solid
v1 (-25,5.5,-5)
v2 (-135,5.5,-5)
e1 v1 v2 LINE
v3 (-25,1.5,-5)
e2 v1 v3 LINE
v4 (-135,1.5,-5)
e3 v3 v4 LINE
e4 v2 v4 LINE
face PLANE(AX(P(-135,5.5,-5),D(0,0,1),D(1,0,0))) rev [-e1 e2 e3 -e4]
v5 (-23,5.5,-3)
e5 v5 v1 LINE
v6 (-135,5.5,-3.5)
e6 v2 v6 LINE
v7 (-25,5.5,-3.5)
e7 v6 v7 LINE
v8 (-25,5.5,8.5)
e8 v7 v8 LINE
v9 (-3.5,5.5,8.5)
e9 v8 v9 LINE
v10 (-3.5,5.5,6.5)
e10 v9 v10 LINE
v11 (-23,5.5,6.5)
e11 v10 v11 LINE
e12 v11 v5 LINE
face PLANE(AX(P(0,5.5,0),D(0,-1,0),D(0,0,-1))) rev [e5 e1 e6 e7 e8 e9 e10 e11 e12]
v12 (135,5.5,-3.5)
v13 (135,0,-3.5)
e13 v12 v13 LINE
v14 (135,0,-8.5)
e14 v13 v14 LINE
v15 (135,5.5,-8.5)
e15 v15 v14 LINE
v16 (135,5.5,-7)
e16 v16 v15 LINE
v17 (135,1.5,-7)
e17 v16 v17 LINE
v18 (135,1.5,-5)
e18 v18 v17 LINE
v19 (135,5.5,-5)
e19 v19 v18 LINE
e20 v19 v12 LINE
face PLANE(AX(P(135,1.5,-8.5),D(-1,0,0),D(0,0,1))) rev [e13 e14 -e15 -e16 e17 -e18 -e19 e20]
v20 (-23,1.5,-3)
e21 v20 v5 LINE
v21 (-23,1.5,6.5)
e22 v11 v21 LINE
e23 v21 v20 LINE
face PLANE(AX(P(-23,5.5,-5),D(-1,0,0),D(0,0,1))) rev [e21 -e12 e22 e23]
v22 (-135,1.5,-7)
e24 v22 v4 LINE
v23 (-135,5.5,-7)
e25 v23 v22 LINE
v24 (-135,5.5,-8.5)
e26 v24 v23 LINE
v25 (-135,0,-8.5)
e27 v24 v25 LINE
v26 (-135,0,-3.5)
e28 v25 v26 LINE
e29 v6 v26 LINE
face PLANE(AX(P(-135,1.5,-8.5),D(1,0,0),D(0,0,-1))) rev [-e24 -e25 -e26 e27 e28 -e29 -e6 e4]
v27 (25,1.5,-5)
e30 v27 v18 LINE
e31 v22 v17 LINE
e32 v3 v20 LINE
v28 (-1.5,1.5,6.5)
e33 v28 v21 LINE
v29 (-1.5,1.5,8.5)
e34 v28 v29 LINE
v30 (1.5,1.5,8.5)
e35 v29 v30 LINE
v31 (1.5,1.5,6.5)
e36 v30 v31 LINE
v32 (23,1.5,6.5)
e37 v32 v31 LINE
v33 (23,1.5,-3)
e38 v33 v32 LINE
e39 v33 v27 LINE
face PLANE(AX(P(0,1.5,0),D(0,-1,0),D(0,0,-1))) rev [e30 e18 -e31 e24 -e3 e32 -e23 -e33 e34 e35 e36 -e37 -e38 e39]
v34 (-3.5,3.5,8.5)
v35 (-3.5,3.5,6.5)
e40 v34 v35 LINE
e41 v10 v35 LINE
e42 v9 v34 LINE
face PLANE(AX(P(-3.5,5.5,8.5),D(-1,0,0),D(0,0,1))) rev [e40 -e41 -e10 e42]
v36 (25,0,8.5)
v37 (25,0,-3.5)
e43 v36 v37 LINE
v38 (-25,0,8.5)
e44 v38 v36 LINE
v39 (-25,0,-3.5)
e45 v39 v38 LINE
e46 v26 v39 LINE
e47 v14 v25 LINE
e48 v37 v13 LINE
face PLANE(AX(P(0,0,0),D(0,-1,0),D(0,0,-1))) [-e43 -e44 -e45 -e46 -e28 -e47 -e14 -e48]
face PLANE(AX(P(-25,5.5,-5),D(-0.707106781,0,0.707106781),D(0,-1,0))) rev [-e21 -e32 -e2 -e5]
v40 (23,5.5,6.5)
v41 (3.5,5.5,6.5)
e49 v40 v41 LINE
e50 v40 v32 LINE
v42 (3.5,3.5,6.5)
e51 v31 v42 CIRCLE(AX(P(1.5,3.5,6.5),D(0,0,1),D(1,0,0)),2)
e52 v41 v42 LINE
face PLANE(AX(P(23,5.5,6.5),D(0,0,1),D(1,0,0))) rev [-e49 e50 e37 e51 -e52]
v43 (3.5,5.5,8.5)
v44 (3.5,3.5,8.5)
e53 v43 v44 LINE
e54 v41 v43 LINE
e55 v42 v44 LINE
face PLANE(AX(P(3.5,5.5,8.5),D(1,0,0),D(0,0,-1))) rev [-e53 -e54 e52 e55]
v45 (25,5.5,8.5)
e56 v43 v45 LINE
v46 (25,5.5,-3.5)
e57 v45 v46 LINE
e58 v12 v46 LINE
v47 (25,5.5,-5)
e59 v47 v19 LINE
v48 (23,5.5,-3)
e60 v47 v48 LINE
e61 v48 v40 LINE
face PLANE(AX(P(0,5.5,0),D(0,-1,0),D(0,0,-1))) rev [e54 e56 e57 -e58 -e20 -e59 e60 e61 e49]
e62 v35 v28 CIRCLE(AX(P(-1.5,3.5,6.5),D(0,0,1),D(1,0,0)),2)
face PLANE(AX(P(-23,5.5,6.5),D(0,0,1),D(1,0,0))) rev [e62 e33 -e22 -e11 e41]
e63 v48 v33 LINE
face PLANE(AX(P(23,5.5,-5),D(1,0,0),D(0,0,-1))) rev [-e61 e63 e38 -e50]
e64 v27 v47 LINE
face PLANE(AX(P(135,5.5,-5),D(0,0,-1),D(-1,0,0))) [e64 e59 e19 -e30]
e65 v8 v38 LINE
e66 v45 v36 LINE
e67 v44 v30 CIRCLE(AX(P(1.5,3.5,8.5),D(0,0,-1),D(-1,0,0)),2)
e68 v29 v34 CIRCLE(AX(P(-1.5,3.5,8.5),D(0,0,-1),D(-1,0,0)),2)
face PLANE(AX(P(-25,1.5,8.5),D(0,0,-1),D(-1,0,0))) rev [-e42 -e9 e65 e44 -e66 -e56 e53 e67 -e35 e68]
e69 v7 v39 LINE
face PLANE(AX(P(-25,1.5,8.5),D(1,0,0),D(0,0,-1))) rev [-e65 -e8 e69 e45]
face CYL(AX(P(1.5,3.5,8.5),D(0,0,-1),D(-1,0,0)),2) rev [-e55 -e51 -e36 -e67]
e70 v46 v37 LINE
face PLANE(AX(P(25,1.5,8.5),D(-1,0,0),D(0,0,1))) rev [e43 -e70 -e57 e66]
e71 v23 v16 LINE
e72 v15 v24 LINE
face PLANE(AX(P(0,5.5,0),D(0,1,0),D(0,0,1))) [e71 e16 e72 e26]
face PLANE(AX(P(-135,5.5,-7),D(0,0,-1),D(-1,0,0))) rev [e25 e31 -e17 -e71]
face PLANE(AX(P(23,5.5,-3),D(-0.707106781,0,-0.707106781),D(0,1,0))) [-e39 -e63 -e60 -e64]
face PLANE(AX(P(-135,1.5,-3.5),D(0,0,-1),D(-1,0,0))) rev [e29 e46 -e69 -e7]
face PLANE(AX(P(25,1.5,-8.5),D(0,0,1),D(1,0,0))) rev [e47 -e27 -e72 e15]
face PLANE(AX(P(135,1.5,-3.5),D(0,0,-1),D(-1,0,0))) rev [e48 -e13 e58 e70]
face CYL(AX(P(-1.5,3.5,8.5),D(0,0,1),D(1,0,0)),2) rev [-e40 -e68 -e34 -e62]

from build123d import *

# Parameters (mm, degrees)
BOSS_EXTRUDE1_DEPTH = 1.5
SKETCH3_W           = 270
SKETCH3_H           = 1.5
BOSS_EXTRUDE2_DEPTH = 4
SKETCH4_W           = 110
SKETCH4_H           = 1.5
BOSS_EXTRUDE3_DEPTH = 4
SKETCH6_W           = 2
SKETCH6_H           = 13.5
BOSS_EXTRUDE5_DEPTH = 4
SKETCH7_W           = 19.5
SKETCH7_H           = 2
BOSS_EXTRUDE6_DEPTH = 4
CHAMFER1_SIZE       = 2
FILLET1_R           = 2


with BuildPart() as part:
    # Sketch1 → Boss-Extrude1 (new body)
    with BuildSketch(Plane(origin=(0, 0, 0), x_dir=(1, 0, 0), z_dir=(0, 1, 0))):
        Polygon((25, 8.5), (135, 8.5), (135, 3.5), (25, 3.5), (25, -8.5), (-25, -8.5), (-25, 3.5), (-135, 3.5), (-135, 8.5), (-25, 8.5), align=None)
    extrude(amount=BOSS_EXTRUDE1_DEPTH)

    # Sketch3 → Boss-Extrude2 (add)
    with BuildSketch(Plane(origin=(0, 1.5, 0), x_dir=(1, 0, 0), z_dir=(0, 1, 0))):
        with Locations((0, 7.75)):
            Rectangle(SKETCH3_W, SKETCH3_H)
    boss_extrude2 = extrude(amount=BOSS_EXTRUDE2_DEPTH)

    # Sketch4 → Boss-Extrude3 (add)
    with BuildSketch(Plane(origin=(0, 1.5, 0), x_dir=(1, 0, 0), z_dir=(0, 1, 0))):
        with Locations((-80, 4.25)):
            Rectangle(SKETCH4_W, SKETCH4_H)
    boss_extrude3 = extrude(amount=BOSS_EXTRUDE3_DEPTH)

    # Mirror1: Boss-Extrude2, Boss-Extrude3 across plane
    add(boss_extrude2.mirror(Plane(origin=(0, 0, 0), x_dir=(0, 0, 1), z_dir=(1, 0, 0))))
    add(boss_extrude3.mirror(Plane(origin=(0, 0, 0), x_dir=(0, 0, 1), z_dir=(1, 0, 0))))

    # Sketch6 → Boss-Extrude5 (add)
    with BuildSketch(Plane(origin=(0, 1.5, 0), x_dir=(1, 0, 0), z_dir=(0, 1, 0))):
        with Locations((-24, -1.75)):
            Rectangle(SKETCH6_W, SKETCH6_H)
        with Locations((24, -1.75)):
            Rectangle(SKETCH6_W, SKETCH6_H)
    extrude(amount=BOSS_EXTRUDE5_DEPTH)

    # Sketch7 → Boss-Extrude6 (add)
    with BuildSketch(Plane(origin=(0, 1.5, 0), x_dir=(1, 0, 0), z_dir=(0, 1, 0))):
        with Locations((-13.25, -7.5)):
            Rectangle(SKETCH7_W, SKETCH7_H)
        with Locations((13.25, -7.5)):
            Rectangle(SKETCH7_W, SKETCH7_H)
    extrude(amount=BOSS_EXTRUDE6_DEPTH)

    # Chamfer1
    chamfer1_edges = [part.edges().sort_by_distance(p)[0] for p in [
        (-23, 3.5, -5),
        (23, 3.5, -5),
    ]]
    chamfer(chamfer1_edges, length=CHAMFER1_SIZE)

    # Fillet1
    fillet1_edges = [part.edges().sort_by_distance(p)[0] for p in [
        (-3.5, 1.5, 7.5),
        (3.5, 1.5, 7.5),
    ]]
    fillet(fillet1_edges, radius=FILLET1_R)


solid = part.part
